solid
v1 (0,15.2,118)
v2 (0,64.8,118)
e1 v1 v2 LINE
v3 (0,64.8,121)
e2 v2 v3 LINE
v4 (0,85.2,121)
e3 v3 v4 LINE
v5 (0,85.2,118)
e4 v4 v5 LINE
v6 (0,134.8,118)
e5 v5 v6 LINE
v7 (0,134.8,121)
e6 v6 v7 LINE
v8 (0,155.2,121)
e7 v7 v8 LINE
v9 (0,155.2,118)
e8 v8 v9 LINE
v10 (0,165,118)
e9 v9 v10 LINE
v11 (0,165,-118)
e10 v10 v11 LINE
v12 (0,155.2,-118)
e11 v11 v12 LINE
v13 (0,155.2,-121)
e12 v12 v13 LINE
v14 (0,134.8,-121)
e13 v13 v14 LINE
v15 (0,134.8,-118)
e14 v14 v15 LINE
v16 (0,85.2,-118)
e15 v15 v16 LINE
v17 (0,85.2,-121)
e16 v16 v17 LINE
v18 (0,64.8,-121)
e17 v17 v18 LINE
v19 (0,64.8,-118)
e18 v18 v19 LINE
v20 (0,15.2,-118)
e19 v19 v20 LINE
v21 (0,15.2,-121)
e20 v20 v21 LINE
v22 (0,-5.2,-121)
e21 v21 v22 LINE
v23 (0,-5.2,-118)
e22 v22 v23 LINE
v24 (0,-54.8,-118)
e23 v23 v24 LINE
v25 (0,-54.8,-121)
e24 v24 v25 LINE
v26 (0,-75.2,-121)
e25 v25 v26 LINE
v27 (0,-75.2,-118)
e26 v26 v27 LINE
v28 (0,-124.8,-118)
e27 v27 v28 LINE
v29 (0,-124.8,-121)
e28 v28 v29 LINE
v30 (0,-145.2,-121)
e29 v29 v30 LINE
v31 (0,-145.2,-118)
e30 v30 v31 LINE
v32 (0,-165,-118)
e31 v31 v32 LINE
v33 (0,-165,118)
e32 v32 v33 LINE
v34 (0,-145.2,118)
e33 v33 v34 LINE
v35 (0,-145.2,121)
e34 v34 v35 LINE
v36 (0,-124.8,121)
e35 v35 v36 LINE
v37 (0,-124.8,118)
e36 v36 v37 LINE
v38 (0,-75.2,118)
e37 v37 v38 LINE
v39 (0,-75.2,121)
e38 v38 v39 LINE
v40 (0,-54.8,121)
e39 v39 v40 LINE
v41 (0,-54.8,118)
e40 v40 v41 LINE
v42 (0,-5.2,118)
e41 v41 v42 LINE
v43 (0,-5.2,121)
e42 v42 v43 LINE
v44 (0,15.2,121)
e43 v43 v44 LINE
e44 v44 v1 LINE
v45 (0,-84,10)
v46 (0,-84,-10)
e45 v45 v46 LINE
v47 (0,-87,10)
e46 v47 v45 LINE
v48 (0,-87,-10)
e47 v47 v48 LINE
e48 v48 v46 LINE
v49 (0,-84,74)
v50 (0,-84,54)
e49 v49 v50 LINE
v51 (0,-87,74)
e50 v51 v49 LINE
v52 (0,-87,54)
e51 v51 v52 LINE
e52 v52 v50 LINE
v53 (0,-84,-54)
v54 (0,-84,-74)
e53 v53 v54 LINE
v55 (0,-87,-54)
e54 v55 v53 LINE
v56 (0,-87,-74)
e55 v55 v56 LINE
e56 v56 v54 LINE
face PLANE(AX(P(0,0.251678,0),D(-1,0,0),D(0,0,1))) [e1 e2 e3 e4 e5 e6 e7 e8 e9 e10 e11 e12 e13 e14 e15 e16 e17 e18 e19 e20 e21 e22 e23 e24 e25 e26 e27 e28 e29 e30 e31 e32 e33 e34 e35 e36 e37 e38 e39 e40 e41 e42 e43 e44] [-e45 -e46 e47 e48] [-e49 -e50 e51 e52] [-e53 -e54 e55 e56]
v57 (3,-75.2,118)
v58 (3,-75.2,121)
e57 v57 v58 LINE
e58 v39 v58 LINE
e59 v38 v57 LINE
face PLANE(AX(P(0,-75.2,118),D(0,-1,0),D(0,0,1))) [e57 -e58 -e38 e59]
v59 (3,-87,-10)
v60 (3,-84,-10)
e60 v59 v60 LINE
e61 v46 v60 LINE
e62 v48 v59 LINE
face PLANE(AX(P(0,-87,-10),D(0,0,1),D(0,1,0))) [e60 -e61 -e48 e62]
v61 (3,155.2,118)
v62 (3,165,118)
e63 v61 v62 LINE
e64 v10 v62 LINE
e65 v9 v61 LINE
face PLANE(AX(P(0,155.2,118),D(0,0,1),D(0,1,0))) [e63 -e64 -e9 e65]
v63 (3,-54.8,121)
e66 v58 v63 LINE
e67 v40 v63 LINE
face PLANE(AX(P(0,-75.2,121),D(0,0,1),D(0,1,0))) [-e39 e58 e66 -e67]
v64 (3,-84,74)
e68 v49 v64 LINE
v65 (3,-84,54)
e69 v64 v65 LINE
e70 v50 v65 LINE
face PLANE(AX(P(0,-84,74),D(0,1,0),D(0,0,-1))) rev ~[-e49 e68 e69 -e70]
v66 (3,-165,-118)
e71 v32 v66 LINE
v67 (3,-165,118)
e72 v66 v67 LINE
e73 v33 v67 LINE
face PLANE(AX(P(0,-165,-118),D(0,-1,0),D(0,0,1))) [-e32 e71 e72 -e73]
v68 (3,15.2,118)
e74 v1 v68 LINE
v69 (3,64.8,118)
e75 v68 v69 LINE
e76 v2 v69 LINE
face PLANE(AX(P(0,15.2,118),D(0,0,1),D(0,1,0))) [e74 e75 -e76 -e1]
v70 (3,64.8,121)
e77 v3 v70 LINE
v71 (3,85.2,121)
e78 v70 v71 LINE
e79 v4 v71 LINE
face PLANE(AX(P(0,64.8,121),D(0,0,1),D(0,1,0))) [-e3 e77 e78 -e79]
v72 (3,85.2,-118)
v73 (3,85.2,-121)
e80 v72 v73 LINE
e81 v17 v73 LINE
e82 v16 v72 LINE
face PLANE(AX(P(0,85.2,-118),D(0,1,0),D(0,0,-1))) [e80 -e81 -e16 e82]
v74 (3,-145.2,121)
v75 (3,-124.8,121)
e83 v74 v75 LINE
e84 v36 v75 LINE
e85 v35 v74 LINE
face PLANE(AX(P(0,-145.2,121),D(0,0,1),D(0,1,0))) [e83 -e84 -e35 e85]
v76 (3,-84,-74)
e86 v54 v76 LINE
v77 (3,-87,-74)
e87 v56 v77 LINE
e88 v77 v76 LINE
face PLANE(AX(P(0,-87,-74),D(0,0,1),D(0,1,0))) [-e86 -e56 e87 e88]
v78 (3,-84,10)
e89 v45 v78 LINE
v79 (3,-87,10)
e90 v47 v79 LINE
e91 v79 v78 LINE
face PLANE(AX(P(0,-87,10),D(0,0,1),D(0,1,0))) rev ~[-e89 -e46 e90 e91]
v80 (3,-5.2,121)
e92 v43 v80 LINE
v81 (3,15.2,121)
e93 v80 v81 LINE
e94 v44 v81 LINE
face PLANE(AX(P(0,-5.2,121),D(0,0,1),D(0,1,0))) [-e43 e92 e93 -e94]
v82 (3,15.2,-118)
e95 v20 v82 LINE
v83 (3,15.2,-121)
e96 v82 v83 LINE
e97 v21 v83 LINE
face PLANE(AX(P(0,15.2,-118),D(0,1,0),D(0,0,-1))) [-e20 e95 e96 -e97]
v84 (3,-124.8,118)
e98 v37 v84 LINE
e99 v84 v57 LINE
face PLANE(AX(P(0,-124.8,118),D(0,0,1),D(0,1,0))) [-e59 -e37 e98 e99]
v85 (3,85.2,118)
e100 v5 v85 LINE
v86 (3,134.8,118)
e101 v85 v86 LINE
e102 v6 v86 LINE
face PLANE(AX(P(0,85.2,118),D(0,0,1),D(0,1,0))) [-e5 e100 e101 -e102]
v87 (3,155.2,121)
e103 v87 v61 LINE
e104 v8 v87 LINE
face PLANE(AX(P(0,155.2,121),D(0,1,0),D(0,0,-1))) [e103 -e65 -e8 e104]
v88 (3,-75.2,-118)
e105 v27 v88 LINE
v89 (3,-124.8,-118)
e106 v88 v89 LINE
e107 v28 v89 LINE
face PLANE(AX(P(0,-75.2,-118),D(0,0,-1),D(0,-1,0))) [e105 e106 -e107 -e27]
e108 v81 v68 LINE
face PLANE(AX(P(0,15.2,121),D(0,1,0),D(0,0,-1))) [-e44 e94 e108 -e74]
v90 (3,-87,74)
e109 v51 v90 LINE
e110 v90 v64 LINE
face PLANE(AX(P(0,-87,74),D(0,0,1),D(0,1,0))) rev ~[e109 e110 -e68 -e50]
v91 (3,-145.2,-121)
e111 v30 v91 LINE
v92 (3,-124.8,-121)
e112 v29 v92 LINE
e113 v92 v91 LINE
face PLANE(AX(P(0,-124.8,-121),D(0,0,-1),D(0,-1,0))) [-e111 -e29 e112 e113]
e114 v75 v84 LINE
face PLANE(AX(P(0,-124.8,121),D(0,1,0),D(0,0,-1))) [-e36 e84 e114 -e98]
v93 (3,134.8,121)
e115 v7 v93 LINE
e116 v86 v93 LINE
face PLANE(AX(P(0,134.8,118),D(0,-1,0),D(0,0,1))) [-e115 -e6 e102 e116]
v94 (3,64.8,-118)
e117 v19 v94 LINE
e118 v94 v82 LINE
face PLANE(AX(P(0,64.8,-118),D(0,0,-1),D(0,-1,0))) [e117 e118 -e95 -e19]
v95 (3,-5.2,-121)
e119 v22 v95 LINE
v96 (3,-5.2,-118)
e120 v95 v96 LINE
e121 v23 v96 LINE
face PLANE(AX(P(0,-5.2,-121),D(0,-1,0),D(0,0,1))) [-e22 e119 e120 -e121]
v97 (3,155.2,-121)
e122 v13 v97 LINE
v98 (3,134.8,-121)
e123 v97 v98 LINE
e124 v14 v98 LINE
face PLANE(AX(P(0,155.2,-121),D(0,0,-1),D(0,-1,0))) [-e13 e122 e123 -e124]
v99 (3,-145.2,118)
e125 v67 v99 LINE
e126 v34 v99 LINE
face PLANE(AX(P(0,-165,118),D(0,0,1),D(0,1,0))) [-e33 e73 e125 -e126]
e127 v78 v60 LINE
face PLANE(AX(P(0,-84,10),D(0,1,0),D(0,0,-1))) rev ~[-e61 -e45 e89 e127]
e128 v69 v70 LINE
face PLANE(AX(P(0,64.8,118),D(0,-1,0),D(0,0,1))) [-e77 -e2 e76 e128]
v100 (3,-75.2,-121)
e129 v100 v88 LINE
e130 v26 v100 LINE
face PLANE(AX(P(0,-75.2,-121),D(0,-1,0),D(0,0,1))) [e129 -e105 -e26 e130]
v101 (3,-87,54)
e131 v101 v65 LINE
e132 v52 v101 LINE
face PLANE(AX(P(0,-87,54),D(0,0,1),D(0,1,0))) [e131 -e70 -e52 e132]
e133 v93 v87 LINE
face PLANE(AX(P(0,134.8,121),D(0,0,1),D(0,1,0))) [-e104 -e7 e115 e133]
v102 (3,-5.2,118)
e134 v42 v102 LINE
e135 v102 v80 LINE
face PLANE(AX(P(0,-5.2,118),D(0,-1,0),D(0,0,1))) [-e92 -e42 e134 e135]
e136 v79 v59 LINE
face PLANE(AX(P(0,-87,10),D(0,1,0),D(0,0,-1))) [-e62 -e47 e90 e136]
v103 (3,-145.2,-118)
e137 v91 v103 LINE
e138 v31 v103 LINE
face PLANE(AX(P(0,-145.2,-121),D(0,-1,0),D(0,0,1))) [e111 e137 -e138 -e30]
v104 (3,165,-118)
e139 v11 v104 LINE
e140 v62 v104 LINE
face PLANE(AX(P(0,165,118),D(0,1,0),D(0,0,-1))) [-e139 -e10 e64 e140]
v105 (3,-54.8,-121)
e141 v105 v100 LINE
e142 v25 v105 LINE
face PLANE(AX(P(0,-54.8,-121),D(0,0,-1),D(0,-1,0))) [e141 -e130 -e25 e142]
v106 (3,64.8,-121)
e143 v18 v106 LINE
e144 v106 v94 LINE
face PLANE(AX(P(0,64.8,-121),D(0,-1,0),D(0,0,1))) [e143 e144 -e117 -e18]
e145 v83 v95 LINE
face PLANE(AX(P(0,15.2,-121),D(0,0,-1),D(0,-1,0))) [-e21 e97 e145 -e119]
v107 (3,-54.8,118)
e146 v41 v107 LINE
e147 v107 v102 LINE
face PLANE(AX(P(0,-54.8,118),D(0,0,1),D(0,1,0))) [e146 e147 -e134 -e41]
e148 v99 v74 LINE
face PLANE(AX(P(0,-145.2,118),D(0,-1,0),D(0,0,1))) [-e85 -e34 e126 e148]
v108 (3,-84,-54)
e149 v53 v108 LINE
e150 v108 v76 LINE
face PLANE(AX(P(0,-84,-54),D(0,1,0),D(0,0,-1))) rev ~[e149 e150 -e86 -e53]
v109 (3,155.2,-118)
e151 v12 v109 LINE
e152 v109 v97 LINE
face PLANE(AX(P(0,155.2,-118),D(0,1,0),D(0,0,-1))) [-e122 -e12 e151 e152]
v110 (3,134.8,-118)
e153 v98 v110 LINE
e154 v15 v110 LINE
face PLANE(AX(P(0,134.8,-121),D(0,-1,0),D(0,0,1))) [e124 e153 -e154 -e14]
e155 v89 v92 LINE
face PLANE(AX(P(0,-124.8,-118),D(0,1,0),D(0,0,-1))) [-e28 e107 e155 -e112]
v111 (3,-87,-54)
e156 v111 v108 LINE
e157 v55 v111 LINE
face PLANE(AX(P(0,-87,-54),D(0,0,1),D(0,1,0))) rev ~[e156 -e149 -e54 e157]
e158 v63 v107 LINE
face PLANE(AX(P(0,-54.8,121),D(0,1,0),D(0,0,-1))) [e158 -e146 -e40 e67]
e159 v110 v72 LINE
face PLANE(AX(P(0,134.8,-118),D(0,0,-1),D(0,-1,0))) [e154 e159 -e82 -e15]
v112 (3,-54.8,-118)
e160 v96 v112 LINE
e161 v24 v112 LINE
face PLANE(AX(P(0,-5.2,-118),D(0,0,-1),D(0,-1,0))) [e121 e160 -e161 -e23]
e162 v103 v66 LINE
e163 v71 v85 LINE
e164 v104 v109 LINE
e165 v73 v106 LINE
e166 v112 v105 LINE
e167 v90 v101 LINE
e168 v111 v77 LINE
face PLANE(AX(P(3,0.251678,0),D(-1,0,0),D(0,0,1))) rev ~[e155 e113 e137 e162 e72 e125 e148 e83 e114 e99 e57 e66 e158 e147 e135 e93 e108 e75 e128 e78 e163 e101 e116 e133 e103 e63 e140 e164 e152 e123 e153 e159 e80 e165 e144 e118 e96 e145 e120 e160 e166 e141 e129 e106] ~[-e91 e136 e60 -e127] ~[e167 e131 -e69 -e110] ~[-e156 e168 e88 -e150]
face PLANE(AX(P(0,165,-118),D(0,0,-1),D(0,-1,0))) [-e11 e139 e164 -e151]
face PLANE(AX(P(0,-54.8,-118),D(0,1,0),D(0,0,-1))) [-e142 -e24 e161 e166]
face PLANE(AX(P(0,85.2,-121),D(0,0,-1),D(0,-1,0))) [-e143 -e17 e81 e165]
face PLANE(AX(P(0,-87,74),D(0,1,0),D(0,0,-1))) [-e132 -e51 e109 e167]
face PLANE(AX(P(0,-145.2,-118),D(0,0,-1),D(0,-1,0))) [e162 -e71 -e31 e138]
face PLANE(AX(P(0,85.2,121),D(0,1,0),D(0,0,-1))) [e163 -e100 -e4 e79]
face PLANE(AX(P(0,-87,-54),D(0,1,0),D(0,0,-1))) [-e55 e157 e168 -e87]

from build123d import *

# Parameters (mm, degrees)
SKETCH_1_W      = 20
SKETCH_1_H      = 3
EXTRUDE_1_DEPTH = 3


with BuildPart() as part:
    # Эскиз1 → Бобышка-Вытянуть1 (new body)
    with BuildSketch(Plane(origin=(0, 0, 0), x_dir=(0, 0, -1), z_dir=(1, 0, 0))):
        Polygon((-118, -165), (-118, -145.2), (-121, -145.2), (-121, -124.8), (-118, -124.8), (-118, -75.2), (-121, -75.2), (-121, -54.8), (-118, -54.8), (-118, -5.2), (-121, -5.2), (-121, 15.2), (-118, 15.2), (-118, 64.8), (-121, 64.8), (-121, 85.2), (-118, 85.2), (-118, 134.8), (-121, 134.8), (-121, 155.2), (-118, 155.2), (-118, 165), (118, 165), (118, 155.2), (121, 155.2), (121, 134.8), (118, 134.8), (118, 85.2), (121, 85.2), (121, 64.8), (118, 64.8), (118, 15.2), (121, 15.2), (121, -5.2), (118, -5.2), (118, -54.8), (121, -54.8), (121, -75.2), (118, -75.2), (118, -124.8), (121, -124.8), (121, -145.2), (118, -145.2), (118, -165), align=None)
        with Locations((-64, -85.5)):
            Rectangle(SKETCH_1_W, SKETCH_1_H, mode=Mode.SUBTRACT)
        with Locations((0, -85.5)):
            Rectangle(SKETCH_1_W, SKETCH_1_H, mode=Mode.SUBTRACT)
        with Locations((64, -85.5)):
            Rectangle(SKETCH_1_W, SKETCH_1_H, mode=Mode.SUBTRACT)
    extrude(amount=EXTRUDE_1_DEPTH)


solid = part.part
